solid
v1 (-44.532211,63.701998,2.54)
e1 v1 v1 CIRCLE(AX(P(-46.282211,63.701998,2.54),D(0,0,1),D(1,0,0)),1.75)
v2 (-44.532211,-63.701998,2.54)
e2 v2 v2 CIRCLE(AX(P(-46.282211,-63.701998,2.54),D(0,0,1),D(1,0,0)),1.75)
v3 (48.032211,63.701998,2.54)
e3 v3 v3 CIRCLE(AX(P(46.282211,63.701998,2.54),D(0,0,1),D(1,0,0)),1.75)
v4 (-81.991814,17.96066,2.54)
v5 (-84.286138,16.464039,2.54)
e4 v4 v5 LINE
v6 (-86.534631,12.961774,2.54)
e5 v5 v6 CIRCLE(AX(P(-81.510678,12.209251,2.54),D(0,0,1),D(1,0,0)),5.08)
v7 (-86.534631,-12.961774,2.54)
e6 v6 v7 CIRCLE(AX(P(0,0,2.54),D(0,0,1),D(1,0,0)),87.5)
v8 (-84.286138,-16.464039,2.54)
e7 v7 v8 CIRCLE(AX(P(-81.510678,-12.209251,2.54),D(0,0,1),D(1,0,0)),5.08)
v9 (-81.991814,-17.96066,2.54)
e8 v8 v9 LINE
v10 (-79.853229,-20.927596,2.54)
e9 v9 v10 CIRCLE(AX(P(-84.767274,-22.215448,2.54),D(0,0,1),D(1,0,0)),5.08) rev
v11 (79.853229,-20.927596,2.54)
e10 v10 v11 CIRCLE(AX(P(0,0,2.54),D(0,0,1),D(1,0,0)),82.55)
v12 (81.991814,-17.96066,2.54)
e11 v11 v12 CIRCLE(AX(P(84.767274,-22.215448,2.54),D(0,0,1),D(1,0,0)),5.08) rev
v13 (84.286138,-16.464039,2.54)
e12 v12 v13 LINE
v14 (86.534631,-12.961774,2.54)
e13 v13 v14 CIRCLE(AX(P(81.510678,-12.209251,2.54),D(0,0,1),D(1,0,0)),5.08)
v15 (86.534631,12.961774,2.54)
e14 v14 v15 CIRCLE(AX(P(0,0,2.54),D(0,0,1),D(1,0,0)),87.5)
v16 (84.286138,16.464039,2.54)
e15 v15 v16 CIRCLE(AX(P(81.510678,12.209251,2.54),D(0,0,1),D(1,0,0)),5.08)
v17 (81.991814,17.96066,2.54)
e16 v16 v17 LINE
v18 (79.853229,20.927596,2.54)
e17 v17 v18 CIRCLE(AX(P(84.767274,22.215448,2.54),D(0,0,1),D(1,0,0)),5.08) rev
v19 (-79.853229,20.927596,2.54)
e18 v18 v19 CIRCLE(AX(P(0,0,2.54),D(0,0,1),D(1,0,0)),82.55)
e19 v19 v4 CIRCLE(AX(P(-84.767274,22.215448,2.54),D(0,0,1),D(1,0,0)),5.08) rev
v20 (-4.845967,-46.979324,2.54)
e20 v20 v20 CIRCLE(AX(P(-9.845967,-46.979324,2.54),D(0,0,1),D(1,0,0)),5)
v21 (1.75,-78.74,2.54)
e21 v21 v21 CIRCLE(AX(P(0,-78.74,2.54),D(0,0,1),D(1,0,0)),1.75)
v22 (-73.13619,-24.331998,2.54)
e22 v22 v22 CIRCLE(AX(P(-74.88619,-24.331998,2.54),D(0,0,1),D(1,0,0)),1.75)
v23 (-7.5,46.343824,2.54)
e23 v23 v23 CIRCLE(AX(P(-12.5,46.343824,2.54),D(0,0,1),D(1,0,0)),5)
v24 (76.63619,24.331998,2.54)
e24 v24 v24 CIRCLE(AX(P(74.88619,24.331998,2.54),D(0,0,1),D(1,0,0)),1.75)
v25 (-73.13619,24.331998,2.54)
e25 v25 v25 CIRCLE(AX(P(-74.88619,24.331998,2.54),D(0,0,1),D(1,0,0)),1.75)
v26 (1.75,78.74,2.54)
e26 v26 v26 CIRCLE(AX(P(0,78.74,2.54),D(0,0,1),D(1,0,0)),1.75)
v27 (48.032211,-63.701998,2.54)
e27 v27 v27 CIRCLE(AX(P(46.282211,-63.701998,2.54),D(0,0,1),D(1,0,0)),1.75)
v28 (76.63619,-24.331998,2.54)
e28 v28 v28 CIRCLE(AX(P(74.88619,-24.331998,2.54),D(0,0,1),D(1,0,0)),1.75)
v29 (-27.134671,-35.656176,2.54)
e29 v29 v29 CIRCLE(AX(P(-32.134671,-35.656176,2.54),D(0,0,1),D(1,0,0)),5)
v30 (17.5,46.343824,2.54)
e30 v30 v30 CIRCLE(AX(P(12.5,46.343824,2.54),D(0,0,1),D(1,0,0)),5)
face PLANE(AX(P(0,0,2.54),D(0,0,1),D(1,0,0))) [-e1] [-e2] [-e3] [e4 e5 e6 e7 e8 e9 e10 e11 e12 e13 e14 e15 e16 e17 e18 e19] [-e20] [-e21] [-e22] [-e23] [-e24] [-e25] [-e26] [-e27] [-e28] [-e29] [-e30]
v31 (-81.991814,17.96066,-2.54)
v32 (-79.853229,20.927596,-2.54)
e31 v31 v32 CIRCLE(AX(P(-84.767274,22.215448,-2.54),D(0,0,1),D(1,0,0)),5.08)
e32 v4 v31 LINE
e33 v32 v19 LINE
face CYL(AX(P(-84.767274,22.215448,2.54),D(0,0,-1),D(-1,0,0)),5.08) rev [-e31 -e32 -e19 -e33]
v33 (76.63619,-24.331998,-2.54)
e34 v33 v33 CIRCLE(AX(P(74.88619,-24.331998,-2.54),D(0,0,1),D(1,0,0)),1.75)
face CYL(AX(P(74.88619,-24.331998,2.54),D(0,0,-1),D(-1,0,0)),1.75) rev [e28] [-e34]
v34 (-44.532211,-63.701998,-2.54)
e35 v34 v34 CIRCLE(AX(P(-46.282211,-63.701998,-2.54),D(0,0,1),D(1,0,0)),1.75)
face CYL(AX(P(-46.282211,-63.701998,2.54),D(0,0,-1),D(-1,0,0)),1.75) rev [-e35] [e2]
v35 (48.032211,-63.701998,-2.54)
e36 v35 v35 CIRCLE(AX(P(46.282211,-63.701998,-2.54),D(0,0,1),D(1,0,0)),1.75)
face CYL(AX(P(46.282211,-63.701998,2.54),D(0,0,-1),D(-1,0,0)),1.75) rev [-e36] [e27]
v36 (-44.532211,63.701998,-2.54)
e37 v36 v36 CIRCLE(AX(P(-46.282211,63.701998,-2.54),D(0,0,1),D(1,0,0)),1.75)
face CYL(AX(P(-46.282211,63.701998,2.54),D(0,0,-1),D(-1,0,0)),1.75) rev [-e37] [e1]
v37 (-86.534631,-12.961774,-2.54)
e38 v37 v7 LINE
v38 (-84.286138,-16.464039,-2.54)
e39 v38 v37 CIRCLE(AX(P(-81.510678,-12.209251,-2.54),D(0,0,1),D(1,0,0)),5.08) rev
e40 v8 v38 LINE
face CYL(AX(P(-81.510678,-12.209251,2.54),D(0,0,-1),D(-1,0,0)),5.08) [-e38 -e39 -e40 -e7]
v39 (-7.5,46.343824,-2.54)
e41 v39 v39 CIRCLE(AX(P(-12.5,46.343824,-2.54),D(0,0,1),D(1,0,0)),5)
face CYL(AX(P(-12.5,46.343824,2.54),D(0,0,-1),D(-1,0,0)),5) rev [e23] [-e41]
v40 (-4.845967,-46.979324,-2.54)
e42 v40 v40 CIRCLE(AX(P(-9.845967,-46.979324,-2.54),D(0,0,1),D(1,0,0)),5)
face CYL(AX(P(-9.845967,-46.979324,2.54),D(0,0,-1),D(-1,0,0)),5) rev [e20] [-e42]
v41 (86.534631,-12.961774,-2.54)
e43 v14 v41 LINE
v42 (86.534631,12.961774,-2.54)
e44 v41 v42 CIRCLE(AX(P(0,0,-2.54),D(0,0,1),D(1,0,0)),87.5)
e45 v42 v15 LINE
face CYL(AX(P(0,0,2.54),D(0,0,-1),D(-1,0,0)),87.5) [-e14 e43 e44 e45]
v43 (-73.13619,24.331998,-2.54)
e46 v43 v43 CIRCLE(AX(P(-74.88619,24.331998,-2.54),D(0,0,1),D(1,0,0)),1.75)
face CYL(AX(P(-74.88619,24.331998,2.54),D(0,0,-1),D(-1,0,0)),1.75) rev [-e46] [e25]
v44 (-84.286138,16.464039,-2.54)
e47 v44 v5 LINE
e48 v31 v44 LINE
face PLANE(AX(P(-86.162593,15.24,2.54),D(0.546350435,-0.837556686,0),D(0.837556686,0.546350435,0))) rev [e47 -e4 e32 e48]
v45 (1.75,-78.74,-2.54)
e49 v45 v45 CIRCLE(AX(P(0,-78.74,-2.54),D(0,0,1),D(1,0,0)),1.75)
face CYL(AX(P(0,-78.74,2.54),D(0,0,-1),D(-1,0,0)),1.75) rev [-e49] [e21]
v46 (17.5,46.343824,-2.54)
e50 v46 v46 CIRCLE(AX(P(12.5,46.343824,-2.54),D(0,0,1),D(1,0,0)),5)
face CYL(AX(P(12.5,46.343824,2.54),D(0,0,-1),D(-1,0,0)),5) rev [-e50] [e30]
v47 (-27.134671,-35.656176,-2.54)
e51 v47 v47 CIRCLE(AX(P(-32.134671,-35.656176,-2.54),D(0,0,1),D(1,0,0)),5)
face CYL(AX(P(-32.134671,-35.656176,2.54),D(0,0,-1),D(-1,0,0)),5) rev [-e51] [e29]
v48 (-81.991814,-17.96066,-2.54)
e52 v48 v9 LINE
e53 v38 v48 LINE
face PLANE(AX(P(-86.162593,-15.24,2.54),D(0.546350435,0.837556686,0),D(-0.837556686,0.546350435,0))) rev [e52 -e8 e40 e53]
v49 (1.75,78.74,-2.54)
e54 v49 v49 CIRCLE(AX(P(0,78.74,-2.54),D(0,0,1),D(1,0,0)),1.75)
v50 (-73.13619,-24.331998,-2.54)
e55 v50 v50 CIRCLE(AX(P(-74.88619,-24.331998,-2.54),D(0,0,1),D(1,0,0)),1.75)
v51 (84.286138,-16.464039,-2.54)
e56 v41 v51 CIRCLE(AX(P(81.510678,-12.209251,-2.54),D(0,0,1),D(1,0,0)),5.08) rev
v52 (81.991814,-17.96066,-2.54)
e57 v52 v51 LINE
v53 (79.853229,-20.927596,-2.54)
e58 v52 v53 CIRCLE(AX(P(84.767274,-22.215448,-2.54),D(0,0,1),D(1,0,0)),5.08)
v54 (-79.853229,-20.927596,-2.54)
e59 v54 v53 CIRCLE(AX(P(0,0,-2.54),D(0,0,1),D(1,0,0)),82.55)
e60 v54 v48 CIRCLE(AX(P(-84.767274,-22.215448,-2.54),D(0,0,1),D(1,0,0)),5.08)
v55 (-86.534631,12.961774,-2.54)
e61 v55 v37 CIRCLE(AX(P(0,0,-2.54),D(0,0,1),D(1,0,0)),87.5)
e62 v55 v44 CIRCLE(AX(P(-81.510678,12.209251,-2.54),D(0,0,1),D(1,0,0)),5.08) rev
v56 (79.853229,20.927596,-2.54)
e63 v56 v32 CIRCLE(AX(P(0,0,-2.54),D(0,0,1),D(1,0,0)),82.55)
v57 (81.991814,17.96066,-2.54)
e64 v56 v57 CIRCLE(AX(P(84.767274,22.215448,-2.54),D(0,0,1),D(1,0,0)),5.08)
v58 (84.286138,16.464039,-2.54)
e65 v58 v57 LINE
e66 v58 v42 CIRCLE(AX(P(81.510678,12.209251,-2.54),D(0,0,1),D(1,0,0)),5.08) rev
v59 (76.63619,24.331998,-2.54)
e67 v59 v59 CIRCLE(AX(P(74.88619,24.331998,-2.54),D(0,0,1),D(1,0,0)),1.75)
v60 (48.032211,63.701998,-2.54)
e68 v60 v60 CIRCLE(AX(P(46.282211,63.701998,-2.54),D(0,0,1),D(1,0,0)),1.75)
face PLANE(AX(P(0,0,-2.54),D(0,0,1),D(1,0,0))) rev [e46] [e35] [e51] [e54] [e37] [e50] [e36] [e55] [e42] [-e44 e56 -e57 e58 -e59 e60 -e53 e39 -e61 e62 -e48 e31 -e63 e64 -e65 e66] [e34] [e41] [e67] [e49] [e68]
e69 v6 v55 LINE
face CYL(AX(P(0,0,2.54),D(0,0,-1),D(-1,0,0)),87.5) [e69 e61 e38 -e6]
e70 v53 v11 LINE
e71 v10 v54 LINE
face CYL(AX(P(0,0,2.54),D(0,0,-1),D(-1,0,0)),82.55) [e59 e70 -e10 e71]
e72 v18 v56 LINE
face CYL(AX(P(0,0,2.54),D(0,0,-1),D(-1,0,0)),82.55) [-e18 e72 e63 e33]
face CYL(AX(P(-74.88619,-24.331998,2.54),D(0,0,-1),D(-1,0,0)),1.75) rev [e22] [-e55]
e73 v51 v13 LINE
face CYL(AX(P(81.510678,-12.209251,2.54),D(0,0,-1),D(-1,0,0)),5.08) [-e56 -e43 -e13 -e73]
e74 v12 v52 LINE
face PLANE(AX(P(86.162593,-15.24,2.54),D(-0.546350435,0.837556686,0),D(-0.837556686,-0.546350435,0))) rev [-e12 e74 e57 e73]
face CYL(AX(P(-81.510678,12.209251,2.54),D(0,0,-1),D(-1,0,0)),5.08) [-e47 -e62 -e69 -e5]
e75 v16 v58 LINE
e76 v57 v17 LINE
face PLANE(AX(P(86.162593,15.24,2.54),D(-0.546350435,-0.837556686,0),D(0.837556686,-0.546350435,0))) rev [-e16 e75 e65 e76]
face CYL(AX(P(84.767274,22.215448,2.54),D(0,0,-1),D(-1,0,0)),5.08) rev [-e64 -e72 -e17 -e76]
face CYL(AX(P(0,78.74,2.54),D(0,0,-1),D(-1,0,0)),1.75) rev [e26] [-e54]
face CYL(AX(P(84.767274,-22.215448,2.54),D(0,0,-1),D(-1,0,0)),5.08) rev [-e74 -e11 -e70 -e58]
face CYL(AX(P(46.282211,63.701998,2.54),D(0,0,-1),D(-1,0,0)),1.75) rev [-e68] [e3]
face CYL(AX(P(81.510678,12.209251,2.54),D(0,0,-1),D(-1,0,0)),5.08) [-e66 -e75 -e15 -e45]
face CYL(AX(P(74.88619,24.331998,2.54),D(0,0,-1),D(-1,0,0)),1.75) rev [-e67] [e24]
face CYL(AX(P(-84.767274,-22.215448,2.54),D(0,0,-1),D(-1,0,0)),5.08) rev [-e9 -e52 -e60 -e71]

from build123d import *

# Parameters (mm, degrees)
SKETCH1_R           = 1.75
SKETCH1_R_2         = 5
BOSS_EXTRUDE1_DEPTH = 2.54
FILLET1_R           = 5.08


with BuildPart() as part:
    # Sketch1 → Boss-Extrude1 (new, symmetric)
    with BuildSketch(Plane.XY):
        with BuildLine():
            Line((-86.162592811, 15.24), (-80.321852568, 19.05))
            ThreePointArc((-80.321852568, 19.05), (0, 82.55), (80.321852568, 19.05))
            Line((80.321852568, 19.05), (86.162592811, 15.24))
            ThreePointArc((86.162592811, 15.24), (87.5, 0), (86.162592811, -15.24))
            Line((86.162592811, -15.24), (80.321852568, -19.05))
            ThreePointArc((80.321852568, -19.05), (0, -82.55), (-80.321852568, -19.05))
            Line((-80.321852568, -19.05), (-86.162592811, -15.24))
            ThreePointArc((-86.162592811, -15.24), (-87.5, 0), (-86.162592811, 15.24))
        make_face()
        with Locations((0, 78.74)):
            Circle(SKETCH1_R, mode=Mode.SUBTRACT)
        with Locations((46.282210766, 63.701998137)):
            Circle(SKETCH1_R, mode=Mode.SUBTRACT)
        with Locations((74.886190093, 24.331998137)):
            Circle(SKETCH1_R, mode=Mode.SUBTRACT)
        with Locations((74.886190093, -24.331998137)):
            Circle(SKETCH1_R, mode=Mode.SUBTRACT)
        with Locations((46.282210766, -63.701998137)):
            Circle(SKETCH1_R, mode=Mode.SUBTRACT)
        with Locations((0, -78.74)):
            Circle(SKETCH1_R, mode=Mode.SUBTRACT)
        with Locations((-46.282210766, -63.701998137)):
            Circle(SKETCH1_R, mode=Mode.SUBTRACT)
        with Locations((-74.886190093, -24.331998137)):
            Circle(SKETCH1_R, mode=Mode.SUBTRACT)
        with Locations((-74.886190093, 24.331998137)):
            Circle(SKETCH1_R, mode=Mode.SUBTRACT)
        with Locations((-46.282210766, 63.701998137)):
            Circle(SKETCH1_R, mode=Mode.SUBTRACT)
        with Locations((-32.134671235, -35.656176248)):
            Circle(SKETCH1_R_2, mode=Mode.SUBTRACT)
        with Locations((-9.845967479, -46.979324435)):
            Circle(SKETCH1_R_2, mode=Mode.SUBTRACT)
        with Locations((-12.5, 46.343823752)):
            Circle(SKETCH1_R_2, mode=Mode.SUBTRACT)
        with Locations((12.5, 46.343823752)):
            Circle(SKETCH1_R_2, mode=Mode.SUBTRACT)
    extrude(amount=BOSS_EXTRUDE1_DEPTH, both=True)

    # Fillet1
    fillet1_edges = [part.edges().sort_by_distance(p)[0] for p in [
        (-86.162592811, 15.24, 0),
        (-80.321852568, 19.05, 0),
        (80.321852568, 19.05, 0),
        (86.162592811, 15.24, 0),
        (86.162592811, -15.24, 0),
        (80.321852568, -19.05, 0),
        (-80.321852568, -19.05, 0),
        (-86.162592811, -15.24, 0),
    ]]
    fillet(fillet1_edges, radius=FILLET1_R)


solid = part.part
